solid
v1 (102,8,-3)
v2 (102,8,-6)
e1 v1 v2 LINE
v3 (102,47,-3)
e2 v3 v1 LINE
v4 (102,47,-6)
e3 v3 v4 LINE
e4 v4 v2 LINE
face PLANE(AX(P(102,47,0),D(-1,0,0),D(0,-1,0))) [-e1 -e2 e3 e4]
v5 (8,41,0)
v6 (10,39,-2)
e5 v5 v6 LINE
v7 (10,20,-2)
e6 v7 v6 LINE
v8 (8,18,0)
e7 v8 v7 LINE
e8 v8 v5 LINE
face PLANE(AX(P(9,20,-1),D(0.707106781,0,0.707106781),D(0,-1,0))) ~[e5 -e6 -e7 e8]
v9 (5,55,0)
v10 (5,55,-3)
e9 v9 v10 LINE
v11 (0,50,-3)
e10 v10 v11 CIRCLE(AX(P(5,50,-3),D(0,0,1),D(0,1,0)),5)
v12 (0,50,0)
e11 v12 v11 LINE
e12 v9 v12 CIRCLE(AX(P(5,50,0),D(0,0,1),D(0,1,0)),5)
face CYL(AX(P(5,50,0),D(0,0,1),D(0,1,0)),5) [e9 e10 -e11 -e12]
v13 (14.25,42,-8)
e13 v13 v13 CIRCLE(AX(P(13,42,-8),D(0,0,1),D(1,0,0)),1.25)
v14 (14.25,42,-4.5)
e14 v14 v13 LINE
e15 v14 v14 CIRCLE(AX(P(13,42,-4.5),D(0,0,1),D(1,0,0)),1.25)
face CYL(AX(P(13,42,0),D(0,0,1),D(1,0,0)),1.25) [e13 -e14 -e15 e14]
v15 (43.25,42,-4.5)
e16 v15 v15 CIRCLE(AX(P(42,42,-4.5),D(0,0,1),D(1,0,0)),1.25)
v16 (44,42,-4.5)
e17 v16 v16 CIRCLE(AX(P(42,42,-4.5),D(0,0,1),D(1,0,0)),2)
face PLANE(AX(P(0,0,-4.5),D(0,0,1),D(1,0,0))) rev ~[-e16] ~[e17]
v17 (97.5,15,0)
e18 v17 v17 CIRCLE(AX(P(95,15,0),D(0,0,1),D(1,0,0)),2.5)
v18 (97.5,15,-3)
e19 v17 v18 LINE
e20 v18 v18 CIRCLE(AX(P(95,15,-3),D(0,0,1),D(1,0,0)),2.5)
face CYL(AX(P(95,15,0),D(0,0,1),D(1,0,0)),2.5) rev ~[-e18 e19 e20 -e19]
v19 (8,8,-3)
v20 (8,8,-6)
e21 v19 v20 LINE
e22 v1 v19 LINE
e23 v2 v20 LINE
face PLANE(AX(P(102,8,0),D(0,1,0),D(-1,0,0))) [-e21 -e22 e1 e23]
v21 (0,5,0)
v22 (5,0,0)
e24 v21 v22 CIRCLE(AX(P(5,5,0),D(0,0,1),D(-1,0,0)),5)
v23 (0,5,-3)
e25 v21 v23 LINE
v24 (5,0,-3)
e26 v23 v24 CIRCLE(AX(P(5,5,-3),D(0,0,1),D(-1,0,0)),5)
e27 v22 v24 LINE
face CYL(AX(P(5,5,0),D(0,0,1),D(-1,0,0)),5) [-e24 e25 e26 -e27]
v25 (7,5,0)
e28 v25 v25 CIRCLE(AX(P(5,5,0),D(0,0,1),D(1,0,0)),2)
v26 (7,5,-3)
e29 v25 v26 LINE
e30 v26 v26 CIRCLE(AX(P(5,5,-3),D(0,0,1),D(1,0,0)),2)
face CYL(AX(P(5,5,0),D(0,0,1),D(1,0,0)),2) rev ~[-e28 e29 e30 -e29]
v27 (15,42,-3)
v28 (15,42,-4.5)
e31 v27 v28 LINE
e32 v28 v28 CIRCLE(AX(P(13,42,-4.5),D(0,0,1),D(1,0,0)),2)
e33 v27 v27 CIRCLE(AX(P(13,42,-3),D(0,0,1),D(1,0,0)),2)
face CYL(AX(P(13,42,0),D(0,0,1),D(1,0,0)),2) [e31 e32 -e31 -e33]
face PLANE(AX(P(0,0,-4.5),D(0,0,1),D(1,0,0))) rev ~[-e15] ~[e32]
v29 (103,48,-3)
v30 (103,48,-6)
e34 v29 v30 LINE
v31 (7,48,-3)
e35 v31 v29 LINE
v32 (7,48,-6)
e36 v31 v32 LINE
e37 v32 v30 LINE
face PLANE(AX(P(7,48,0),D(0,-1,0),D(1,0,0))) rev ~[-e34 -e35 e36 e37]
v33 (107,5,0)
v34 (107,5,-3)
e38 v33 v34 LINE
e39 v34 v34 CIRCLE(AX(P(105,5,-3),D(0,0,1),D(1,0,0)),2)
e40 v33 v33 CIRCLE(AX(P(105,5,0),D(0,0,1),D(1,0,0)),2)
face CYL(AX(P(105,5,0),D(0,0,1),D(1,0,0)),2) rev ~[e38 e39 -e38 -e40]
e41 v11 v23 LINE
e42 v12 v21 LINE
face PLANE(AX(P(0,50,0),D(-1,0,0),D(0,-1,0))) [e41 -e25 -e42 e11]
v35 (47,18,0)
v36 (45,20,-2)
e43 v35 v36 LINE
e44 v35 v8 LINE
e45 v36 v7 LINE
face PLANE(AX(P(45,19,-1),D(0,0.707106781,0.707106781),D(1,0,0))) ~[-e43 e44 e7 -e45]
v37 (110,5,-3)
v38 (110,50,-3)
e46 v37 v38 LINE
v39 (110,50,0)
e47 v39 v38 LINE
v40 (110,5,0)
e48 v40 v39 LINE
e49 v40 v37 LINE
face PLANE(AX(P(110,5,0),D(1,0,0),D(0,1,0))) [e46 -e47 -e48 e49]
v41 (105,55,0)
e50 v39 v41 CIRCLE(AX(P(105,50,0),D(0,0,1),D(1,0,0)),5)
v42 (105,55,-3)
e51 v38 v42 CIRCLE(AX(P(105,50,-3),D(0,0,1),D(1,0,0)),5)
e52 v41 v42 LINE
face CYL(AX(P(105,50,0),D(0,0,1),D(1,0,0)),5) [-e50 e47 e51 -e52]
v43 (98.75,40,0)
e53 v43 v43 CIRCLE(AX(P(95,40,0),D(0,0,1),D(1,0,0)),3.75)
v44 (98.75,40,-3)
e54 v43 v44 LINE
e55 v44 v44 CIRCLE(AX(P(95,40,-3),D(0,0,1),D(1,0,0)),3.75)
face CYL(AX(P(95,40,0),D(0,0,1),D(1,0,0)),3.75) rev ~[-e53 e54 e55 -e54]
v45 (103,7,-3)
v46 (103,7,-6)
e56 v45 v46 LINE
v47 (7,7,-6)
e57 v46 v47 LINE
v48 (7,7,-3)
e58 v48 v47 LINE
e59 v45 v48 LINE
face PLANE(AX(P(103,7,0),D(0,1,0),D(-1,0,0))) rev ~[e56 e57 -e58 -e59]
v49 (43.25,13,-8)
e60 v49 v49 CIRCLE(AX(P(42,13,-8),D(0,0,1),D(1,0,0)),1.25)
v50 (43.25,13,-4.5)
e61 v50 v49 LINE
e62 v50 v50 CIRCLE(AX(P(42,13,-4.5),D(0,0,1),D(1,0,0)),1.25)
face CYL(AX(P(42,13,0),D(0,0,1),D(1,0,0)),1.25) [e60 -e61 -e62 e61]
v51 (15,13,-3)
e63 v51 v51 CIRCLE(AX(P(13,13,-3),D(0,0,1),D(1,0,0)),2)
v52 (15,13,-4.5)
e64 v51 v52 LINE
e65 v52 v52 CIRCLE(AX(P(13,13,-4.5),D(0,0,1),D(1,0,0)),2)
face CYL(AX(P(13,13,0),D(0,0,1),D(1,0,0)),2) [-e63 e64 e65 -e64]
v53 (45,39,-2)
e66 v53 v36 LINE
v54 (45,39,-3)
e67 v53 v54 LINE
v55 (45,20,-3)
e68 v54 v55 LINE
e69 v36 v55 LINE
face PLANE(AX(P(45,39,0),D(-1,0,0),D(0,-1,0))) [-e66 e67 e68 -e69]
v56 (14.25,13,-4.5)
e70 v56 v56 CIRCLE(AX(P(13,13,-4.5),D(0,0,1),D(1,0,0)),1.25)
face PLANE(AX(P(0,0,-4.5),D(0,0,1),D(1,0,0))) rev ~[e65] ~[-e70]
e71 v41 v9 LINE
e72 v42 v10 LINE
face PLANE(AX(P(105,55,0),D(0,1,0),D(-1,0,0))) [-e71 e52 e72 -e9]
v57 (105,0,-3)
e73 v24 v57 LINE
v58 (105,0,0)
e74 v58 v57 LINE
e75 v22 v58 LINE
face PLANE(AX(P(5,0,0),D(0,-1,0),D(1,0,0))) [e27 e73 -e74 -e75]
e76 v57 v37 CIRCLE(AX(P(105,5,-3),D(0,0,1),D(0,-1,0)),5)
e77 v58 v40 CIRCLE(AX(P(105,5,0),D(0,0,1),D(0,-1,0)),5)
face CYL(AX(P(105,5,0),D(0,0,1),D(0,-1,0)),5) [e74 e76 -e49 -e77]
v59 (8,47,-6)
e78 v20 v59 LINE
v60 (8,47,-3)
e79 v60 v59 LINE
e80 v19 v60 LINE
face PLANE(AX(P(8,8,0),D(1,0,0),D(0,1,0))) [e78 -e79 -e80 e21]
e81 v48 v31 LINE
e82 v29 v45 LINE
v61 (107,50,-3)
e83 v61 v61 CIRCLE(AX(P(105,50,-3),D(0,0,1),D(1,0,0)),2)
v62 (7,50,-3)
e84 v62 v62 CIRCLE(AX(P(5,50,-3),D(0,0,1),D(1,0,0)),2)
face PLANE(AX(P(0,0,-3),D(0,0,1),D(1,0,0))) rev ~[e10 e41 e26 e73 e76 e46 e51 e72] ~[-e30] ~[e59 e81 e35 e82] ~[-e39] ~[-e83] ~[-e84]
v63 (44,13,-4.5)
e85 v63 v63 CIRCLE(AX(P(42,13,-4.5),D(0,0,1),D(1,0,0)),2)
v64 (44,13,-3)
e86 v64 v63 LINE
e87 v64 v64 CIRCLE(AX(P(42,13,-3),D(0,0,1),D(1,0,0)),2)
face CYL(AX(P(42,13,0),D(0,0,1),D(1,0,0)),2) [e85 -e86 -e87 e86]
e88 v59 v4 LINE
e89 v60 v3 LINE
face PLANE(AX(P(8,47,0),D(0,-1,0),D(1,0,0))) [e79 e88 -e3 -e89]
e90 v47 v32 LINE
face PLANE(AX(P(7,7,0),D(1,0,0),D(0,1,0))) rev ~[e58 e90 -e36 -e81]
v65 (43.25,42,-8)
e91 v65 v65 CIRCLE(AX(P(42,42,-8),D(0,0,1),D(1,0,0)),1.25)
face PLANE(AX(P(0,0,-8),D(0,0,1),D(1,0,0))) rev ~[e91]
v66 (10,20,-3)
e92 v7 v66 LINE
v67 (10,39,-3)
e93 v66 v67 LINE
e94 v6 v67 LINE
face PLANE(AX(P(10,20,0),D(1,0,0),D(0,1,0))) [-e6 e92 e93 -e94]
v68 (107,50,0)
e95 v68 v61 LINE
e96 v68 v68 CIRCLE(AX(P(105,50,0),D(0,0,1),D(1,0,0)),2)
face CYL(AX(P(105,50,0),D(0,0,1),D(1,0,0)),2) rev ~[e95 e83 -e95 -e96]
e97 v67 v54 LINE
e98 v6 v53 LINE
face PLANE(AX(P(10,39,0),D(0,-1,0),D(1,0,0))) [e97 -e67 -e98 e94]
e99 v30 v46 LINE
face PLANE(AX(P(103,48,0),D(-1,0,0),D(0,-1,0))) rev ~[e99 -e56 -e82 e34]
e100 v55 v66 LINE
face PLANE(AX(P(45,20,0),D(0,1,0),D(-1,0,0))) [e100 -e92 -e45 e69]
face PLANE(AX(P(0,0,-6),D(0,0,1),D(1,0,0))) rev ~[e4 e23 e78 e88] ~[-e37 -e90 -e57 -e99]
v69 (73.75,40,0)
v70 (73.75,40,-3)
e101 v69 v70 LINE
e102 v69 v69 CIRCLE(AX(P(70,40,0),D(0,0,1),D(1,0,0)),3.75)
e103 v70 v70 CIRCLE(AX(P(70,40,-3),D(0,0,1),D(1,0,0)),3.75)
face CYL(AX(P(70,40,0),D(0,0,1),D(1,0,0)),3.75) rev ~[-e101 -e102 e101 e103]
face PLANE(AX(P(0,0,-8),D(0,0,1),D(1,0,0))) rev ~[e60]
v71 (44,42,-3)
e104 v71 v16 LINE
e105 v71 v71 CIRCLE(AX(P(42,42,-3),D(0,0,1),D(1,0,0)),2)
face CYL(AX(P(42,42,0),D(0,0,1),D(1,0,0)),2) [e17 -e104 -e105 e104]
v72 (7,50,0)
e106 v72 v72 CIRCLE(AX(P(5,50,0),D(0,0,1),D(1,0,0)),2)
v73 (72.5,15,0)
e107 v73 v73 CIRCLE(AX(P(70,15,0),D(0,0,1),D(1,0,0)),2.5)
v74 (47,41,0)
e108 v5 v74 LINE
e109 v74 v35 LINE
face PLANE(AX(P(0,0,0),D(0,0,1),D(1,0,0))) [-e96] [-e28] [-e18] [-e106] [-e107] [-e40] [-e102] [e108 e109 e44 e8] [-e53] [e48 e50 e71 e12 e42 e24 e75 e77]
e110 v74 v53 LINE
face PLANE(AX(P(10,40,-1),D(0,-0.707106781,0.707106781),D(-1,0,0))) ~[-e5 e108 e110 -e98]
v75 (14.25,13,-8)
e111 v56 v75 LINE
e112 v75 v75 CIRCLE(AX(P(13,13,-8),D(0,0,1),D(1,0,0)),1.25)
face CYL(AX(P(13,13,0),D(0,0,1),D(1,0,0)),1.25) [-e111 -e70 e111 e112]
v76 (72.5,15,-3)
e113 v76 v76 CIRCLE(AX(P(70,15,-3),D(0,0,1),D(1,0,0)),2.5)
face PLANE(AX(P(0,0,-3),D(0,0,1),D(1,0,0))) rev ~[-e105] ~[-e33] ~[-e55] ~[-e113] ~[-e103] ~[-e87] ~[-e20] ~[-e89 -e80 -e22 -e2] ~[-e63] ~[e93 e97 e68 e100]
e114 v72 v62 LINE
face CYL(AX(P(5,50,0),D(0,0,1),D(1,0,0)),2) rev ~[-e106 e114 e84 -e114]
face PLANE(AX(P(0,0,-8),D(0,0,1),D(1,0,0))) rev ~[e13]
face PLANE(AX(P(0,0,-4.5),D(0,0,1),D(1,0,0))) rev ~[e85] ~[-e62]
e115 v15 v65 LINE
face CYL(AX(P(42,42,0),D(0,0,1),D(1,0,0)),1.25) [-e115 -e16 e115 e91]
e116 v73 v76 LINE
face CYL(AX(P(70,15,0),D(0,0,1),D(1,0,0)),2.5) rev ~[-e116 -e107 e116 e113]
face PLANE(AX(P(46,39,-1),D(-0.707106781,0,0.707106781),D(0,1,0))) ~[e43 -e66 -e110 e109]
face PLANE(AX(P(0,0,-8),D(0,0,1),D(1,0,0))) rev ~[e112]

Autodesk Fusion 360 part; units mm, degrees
sketch "Sketch2" plane through (0, 0, 0) normal (0, 0, 1) x (1, 0, 0)
  line L0 (5, 0) -> (105, 0)
  line L1 (110, 5) -> (110, 50)
  line L2 (105, 55) -> (5, 55)
  line L3 (0, 50) -> (0, 5)
  line L4 (10, 45) -> (45, 45)
  line L5 (45, 45) -> (45, 10)
  line L6 (45, 10) -> (10, 10)
  line L7 (10, 10) -> (10, 45)
  circle A0 centre (95, 40) radius 3.75
  circle A1 centre (70, 40) radius 3.75
  circle A2 centre (95, 15) radius 2.5
  circle A3 centre (70, 15) radius 2.5
  line L8 (10, 39) -> (45, 39)
  line L9 (45, 39) -> (45, 20)
  line L10 (45, 20) -> (10, 20)
  line L11 (10, 20) -> (10, 39)
  circle A4 centre (13, 42) radius 1.25
  circle A5 centre (42, 42) radius 1.25
  circle A6 centre (13, 13) radius 1.25
  circle A7 centre (42, 13) radius 1.25
  circle A8 centre (13, 42) radius 2
  circle A9 centre (42, 42) radius 2
  circle A10 centre (13, 13) radius 2
  circle A11 centre (42, 13) radius 2
  circle A12 centre (5, 50) radius 2
  circle A13 centre (105, 50) radius 2
  circle A14 centre (5, 5) radius 2
  circle A15 centre (105, 5) radius 2
  arc A16 (5, 55) -> (0, 50) centre (5, 50) ccw
  arc A17 (110, 50) -> (105, 55) centre (105, 50) ccw
  arc A18 (105, 0) -> (110, 5) centre (105, 5) ccw
  arc A19 (0, 5) -> (5, 0) centre (5, 5) ccw
  line L12 (8, 47) -> (102, 47)
  line L13 (102, 47) -> (102, 8)
  line L14 (102, 8) -> (8, 8)
  line L15 (8, 8) -> (8, 47)
  line L16 (7, 48) -> (103, 48)
  line L17 (103, 48) -> (103, 7)
  line L18 (103, 7) -> (7, 7)
  line L19 (7, 7) -> (7, 48)
  dimension "d3" = 7.5
  dimension "d4" = 20
  dimension "d5" = 10
  dimension "d6" = -25
  dimension "d7" = -25
  dimension "d8" = 5
  dimension "d9" = 20
  dimension "d10" = 10
  dimension "d11" = -25
  dimension "d12" = 0
  dimension "d13" = 2.5
  dimension "d14" = 20
  dimension "d15" = 20
  dimension "d16" = 29
  dimension "d17" = -29
  dimension "d18" = 4
  dimension "d19" = 20
  dimension "d20" = 20
  dimension "d21" = 29
  dimension "d22" = -29
  dimension "d23" = 4
  dimension "d24" = 20
  dimension "d25" = 20
  dimension "d26" = 100
  dimension "d27" = -45
  dimension "d28" = 5
extrude "Extrude1" add sketch "Sketch2" against normal blind 3 contours L0 L1 L2 L3 A16 A17 A18 A19 | L4 L5 L7 L8 | L5 L6 L7 L10 | L12 L13 L14 L15 makes body 1 at (71.066, 1.3774, 0) makes body 2 at (60.2764, 24.5895, 0)
extrude "Extrude2" add sketch "Sketch2" against normal blind 6 contours L16 L17 L18 L19 bodies 1 2
extrude "Extrude3" add sketch "Sketch2" against normal blind 4.5 contours A8 | A9 | A10 | A11 bodies 1
extrude "Extrude4" add sketch "Sketch2" against normal blind 8 contours A4 | A5 | A6 | A7 bodies 1
chamfer "Chamfer1" distance 2 angle 45 4 edges at (27.5, 20, 0) (27.5, 39, 0) (45, 29.5, 0) (10, 29.5, 0) on bodies 1
